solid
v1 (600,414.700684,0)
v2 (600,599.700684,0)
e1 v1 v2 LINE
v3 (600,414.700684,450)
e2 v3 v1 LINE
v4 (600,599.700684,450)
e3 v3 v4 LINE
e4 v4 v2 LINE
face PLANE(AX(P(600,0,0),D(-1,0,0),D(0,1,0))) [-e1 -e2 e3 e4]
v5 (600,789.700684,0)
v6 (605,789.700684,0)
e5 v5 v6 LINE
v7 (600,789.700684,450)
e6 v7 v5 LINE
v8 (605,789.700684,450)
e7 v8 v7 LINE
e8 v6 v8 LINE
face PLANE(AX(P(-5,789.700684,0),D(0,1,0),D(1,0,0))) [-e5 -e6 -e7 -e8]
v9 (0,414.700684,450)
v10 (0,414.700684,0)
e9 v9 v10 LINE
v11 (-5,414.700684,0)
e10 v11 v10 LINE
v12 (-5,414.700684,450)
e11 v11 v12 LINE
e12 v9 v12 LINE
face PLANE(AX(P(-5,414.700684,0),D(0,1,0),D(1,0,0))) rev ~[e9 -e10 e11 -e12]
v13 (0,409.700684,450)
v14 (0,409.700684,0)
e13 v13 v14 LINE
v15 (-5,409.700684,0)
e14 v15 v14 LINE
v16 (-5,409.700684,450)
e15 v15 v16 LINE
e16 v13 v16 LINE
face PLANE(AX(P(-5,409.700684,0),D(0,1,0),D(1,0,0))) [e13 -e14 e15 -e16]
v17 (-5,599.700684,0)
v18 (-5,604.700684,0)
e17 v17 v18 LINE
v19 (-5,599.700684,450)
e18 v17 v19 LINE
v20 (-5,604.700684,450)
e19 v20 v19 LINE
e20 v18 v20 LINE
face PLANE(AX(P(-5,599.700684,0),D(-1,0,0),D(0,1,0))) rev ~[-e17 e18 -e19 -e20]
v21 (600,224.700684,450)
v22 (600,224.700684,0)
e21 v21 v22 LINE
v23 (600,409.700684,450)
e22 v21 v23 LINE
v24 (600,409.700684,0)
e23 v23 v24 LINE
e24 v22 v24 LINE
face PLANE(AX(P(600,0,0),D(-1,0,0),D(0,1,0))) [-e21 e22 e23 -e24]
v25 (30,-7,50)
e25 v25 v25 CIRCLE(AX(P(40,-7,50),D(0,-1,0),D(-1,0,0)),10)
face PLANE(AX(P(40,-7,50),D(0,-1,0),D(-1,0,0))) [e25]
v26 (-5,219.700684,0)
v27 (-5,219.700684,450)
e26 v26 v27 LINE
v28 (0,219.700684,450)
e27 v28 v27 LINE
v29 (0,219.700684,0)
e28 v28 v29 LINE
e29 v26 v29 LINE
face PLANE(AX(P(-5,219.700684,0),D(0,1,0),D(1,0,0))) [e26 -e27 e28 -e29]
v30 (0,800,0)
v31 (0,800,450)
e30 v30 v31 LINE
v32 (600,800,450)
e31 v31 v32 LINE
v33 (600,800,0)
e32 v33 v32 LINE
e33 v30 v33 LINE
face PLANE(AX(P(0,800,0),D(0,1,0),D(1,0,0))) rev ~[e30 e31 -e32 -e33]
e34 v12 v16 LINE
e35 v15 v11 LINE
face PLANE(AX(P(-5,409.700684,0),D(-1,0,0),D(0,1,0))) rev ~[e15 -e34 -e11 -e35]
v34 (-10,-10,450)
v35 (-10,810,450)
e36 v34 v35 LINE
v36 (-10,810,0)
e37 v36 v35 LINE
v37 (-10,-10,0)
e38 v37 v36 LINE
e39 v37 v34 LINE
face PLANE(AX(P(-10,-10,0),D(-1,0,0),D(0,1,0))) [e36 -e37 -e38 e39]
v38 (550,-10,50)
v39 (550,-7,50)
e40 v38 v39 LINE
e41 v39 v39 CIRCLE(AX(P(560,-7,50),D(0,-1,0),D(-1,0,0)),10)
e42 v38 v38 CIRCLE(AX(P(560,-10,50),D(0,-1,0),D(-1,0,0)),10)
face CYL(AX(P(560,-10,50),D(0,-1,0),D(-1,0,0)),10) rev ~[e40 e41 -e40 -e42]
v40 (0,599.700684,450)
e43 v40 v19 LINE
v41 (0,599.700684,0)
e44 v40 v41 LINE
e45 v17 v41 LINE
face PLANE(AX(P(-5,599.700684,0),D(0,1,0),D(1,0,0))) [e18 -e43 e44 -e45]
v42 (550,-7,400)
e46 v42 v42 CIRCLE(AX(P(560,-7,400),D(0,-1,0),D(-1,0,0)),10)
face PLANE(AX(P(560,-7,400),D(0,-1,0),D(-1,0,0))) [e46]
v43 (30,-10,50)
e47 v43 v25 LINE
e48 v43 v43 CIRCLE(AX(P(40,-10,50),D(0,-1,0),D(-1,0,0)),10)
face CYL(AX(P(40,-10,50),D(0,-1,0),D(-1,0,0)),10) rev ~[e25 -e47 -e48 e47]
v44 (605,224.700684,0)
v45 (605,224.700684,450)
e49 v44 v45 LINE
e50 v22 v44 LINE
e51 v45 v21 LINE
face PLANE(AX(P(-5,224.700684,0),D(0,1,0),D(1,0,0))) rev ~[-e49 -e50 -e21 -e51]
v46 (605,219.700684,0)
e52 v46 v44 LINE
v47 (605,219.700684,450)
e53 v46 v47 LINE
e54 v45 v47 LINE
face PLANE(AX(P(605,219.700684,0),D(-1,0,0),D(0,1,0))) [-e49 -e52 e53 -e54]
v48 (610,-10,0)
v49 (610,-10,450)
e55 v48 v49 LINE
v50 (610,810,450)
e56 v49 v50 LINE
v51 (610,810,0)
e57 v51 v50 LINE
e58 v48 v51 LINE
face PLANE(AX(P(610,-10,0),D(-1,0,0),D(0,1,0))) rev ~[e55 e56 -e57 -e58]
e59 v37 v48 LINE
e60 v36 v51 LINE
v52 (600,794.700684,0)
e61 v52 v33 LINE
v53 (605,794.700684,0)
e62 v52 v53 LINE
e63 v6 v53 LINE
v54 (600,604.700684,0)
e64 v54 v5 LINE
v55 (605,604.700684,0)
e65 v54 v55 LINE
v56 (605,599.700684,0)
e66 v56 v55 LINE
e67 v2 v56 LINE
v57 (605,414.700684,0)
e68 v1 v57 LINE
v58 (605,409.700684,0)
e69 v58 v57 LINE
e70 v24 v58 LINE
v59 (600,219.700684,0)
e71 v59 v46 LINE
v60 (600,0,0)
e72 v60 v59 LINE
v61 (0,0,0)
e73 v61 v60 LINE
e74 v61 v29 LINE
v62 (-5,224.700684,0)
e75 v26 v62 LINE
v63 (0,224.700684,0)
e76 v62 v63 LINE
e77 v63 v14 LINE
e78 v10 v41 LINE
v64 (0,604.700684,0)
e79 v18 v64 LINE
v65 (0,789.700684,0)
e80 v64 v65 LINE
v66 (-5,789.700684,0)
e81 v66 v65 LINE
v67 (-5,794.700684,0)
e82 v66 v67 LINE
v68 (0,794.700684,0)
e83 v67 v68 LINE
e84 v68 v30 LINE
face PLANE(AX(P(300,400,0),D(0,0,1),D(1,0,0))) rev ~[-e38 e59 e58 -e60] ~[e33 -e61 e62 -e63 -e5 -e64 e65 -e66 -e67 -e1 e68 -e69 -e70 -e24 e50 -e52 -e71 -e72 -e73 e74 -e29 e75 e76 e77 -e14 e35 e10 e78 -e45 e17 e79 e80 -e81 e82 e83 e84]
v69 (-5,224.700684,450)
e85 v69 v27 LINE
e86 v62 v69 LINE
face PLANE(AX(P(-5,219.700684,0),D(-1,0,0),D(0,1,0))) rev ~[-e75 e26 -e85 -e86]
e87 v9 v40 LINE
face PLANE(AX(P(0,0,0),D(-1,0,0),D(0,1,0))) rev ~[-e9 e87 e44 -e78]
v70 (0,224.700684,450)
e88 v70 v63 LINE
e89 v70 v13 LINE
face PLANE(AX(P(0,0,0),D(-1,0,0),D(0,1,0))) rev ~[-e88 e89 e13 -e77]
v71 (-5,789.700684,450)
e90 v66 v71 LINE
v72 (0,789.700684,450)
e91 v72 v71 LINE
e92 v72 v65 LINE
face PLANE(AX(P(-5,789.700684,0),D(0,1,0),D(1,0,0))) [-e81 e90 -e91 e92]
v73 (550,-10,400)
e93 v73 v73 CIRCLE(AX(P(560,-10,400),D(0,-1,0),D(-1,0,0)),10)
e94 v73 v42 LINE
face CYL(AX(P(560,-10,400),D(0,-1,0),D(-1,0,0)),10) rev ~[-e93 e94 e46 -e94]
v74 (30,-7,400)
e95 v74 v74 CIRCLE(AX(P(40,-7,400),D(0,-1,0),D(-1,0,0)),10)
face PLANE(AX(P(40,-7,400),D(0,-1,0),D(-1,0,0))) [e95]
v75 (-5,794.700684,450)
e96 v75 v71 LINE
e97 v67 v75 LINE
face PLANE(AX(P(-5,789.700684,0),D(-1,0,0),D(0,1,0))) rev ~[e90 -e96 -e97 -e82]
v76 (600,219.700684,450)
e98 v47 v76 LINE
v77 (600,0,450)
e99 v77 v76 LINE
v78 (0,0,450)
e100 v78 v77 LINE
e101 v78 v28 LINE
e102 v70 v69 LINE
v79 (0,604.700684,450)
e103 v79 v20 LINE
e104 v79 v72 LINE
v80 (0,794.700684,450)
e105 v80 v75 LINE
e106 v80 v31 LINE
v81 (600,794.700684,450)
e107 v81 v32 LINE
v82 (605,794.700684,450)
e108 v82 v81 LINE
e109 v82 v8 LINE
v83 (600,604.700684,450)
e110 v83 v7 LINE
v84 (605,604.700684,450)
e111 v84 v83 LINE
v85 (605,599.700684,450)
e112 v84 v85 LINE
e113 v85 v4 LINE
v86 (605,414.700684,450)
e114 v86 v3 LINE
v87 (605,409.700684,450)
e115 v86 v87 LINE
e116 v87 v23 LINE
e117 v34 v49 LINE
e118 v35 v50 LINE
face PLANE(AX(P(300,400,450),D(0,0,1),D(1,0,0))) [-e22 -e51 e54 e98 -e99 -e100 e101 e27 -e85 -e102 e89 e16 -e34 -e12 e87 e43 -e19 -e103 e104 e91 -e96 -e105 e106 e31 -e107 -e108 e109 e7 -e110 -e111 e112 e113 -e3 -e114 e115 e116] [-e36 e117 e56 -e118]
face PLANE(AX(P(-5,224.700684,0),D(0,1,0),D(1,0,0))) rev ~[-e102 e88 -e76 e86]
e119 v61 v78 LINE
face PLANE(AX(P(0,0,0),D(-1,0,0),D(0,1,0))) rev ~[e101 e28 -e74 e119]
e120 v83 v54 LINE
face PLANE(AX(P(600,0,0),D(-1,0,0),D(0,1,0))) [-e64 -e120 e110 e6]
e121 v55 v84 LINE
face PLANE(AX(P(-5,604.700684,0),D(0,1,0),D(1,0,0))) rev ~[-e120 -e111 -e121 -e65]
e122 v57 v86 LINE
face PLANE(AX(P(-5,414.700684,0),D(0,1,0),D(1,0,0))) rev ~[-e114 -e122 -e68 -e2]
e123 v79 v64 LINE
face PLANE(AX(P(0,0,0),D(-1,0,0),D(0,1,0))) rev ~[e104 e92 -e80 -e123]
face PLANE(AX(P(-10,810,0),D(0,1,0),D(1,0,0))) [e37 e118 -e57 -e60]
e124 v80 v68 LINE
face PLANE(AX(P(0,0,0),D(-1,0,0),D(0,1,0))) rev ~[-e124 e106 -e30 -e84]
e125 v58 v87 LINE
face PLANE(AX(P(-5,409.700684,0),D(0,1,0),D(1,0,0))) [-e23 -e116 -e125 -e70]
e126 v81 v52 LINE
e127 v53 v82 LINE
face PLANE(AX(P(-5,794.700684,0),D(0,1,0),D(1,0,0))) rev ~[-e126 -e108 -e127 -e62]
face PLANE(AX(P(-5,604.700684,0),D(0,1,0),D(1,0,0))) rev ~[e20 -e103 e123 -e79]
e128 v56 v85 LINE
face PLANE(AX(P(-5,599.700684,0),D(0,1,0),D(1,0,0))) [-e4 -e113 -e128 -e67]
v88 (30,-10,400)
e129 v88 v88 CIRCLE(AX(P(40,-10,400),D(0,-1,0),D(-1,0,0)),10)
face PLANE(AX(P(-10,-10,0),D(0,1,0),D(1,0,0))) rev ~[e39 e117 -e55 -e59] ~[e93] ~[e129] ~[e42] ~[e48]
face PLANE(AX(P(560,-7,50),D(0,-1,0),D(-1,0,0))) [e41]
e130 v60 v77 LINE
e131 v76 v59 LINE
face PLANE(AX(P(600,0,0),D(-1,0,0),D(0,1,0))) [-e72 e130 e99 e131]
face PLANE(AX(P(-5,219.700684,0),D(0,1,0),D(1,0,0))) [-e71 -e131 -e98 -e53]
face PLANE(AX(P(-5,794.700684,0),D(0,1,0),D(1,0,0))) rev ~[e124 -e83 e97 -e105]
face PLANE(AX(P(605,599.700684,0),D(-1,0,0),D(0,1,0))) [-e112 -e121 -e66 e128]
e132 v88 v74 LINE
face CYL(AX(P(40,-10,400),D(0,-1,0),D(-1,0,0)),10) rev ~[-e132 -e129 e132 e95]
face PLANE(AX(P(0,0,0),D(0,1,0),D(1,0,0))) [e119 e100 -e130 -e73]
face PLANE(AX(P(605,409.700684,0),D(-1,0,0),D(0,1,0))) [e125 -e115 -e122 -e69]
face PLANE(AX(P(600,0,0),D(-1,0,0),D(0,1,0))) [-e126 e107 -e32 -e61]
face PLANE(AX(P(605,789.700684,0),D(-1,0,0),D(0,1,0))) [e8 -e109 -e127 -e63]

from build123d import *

# Parameters (mm, degrees)
SKETCH1_W               = 620
SKETCH1_H               = 820
SKETCH1_W_2             = 600
SKETCH1_H_2             = 800
EXTRUDE_THIN1_DEPTH     = 450
SKETCH2_W               = 610
SKETCH2_H               = 5
CUT_EXTRUDE1_DEPTH      = 1000
CUT_EXTRUDE1_DEPTH_BACK = 1000
SKETCH3_R               = 10
CUT_EXTRUDE2_DEPTH      = 3


with BuildPart() as part:
    # Sketch1 → Extrude-Thin1 (new body)
    with BuildSketch(Plane.XY):
        with Locations((300, 400)):
            Rectangle(SKETCH1_W, SKETCH1_H)
        with Locations((300, 400)):
            Rectangle(SKETCH1_W_2, SKETCH1_H_2, mode=Mode.SUBTRACT)
    extrude(amount=EXTRUDE_THIN1_DEPTH)

    # Sketch2 → Cut-Extrude1 (cut, two sides)
    with BuildSketch(Plane.XY) as cut_extrude1_sk:
        with Locations((300, 602.200684115)):
            Rectangle(SKETCH2_W, SKETCH2_H)
        with Locations((300, 792.200684115)):
            Rectangle(SKETCH2_W, SKETCH2_H)
        with Locations((300, 412.200684115)):
            Rectangle(SKETCH2_W, SKETCH2_H)
        with Locations((300, 222.200684115)):
            Rectangle(SKETCH2_W, SKETCH2_H)
    extrude(amount=CUT_EXTRUDE1_DEPTH, mode=Mode.SUBTRACT)
    extrude(cut_extrude1_sk.sketch, amount=-CUT_EXTRUDE1_DEPTH_BACK, mode=Mode.SUBTRACT)

    # Sketch3 → Cut-Extrude2 (cut)
    with BuildSketch(Plane(origin=(0, -10, 0), x_dir=(-1, 0, 0), z_dir=(0, -1, 0))):
        with Locations((-560, -50)):
            Circle(SKETCH3_R)
        with Locations((-40, -50)):
            Circle(SKETCH3_R)
        with Locations((-560, -400)):
            Circle(SKETCH3_R)
        with Locations((-40, -400)):
            Circle(SKETCH3_R)
    extrude(amount=-CUT_EXTRUDE2_DEPTH, mode=Mode.SUBTRACT)


solid = part.part
